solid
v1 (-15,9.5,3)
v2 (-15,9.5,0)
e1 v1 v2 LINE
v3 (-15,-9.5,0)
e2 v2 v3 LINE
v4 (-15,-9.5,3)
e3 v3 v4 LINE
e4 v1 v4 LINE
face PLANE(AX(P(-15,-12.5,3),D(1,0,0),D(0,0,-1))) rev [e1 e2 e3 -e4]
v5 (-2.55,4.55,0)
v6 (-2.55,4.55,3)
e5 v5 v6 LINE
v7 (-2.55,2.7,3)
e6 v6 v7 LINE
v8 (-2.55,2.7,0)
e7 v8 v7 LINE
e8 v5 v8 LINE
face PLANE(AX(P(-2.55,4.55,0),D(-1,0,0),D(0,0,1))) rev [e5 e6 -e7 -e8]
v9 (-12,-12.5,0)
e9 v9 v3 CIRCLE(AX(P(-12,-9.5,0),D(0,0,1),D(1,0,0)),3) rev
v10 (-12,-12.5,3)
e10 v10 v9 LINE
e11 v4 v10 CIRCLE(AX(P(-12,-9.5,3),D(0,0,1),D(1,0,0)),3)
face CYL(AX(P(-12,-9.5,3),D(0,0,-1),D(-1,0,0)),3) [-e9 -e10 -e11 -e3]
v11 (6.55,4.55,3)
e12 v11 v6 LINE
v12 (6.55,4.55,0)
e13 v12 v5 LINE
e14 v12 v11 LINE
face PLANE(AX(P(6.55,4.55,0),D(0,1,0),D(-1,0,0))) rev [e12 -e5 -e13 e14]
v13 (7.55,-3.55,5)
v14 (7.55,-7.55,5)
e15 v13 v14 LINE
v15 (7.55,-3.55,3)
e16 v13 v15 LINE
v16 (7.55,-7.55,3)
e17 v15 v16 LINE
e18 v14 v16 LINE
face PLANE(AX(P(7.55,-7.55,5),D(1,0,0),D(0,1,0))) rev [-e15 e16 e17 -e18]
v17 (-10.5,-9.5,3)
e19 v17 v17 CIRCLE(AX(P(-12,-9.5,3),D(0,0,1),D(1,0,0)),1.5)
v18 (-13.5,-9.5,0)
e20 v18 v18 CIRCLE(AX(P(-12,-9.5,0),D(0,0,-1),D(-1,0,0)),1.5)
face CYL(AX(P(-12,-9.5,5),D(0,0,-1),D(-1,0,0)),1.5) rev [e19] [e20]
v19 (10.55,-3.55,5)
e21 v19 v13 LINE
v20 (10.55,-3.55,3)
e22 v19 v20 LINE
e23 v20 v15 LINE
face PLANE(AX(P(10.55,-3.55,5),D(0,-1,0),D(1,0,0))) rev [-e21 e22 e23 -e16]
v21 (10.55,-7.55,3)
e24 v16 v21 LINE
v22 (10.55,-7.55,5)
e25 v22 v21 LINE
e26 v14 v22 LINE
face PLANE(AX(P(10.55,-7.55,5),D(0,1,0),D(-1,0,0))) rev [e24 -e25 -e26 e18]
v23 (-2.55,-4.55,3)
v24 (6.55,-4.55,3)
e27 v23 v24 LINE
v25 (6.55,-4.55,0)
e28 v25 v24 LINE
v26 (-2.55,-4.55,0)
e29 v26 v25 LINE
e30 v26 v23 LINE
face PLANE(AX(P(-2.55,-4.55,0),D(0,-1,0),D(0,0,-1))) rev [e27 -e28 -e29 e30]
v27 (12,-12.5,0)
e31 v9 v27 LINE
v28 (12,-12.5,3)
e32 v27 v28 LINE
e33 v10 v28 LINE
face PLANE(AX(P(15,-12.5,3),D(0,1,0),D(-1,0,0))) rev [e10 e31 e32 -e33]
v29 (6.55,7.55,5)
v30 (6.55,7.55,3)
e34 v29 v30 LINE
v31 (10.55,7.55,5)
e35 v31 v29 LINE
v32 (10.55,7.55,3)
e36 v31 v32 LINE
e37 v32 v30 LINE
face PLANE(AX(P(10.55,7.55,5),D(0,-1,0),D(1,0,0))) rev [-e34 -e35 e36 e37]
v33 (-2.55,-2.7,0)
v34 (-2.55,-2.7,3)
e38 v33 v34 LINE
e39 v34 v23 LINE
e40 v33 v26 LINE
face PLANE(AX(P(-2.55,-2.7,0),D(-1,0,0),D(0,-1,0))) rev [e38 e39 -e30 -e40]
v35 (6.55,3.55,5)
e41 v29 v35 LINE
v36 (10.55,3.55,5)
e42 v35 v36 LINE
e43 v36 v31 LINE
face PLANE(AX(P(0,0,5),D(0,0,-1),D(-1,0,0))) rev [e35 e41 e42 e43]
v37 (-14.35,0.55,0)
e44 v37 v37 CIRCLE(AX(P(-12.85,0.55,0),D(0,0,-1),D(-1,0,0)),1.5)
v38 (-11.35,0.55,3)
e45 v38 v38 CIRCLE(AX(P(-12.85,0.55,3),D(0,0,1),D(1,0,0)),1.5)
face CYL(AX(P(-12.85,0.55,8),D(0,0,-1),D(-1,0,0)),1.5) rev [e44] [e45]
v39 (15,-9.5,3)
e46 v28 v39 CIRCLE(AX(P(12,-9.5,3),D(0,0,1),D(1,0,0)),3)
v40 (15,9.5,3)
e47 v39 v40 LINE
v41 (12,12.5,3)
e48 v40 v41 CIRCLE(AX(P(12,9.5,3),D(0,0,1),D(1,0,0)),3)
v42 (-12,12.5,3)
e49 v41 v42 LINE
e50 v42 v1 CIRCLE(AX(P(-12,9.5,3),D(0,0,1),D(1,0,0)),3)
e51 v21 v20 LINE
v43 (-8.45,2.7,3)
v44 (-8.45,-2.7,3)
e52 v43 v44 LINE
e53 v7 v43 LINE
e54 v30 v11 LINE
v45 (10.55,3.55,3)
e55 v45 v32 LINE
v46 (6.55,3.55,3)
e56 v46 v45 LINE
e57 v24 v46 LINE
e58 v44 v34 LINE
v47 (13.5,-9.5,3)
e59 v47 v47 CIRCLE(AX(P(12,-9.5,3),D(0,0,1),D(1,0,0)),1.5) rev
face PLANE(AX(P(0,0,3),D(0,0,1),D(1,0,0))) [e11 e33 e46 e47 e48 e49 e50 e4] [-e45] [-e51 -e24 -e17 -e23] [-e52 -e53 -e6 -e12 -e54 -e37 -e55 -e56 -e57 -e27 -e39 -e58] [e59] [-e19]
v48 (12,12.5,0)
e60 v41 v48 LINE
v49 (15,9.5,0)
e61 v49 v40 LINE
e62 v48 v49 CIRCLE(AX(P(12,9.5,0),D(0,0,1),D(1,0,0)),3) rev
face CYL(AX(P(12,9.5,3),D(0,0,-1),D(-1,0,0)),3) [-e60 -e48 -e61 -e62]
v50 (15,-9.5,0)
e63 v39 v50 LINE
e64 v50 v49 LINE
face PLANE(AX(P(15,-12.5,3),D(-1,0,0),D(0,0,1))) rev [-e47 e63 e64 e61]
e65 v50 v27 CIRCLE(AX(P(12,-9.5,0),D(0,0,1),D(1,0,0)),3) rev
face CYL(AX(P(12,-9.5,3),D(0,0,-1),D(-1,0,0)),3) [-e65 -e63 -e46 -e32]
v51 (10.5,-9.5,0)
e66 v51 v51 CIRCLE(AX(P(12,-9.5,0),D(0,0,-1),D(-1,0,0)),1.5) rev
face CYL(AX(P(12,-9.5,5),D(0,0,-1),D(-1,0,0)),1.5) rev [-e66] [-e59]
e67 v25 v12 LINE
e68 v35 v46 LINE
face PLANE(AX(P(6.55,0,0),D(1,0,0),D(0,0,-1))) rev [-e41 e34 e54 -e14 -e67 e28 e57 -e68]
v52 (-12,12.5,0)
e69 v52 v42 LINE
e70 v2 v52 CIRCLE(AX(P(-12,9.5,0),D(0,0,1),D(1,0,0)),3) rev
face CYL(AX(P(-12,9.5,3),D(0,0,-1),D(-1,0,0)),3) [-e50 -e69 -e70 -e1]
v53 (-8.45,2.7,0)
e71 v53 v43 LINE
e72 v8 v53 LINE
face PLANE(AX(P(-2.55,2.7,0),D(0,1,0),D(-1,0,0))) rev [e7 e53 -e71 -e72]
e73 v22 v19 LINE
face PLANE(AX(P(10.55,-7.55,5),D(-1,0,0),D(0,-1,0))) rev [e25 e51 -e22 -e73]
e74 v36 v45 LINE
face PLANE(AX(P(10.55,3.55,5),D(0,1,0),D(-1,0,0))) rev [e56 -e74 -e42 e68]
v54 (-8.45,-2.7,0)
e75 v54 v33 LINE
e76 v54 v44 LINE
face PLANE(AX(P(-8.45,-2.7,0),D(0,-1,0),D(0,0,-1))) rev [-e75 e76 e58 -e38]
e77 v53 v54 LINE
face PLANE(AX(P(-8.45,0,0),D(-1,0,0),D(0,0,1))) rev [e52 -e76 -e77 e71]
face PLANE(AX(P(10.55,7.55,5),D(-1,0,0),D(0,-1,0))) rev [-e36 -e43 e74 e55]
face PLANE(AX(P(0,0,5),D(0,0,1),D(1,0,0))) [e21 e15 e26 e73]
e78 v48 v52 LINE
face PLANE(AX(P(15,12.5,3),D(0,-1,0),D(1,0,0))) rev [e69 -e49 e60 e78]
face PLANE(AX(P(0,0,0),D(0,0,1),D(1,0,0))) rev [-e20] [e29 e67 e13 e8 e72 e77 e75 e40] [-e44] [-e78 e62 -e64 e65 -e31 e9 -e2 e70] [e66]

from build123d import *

# Parameters (mm, degrees)
SKETCH_1_W          = 30
SKETCH_1_H          = 25
EXTRUDE_1_DEPTH     = 3
CUT_EXTRUDE_1_DEPTH = 20.754746265
SKETCH_3_W          = 4
SKETCH_3_H          = 4
SKETCH_3_W_2        = 3
EXTRUDE_2_DEPTH     = 2
FILLET_1_R          = 3
SKETCH_4_R          = 1.5
CUT_EXTRUDE_2_DEPTH = 21.155644371
SKETCH_5_R          = 1.5
CUT_EXTRUDE_3_DEPTH = 8


with BuildPart() as part:
    # 草图1 → 凸台-拉伸1 (new body)
    with BuildSketch(Plane.XY):
        Rectangle(SKETCH_1_W, SKETCH_1_H)
    extrude(amount=EXTRUDE_1_DEPTH)

    # 草图2 → 切除-拉伸1 (cut, through all)
    with BuildSketch(Plane.XY.offset(3)):
        Polygon((6.55, 0), (6.55, 4.55), (-2.55, 4.55), (-2.55, 2.7), (-8.45, 2.7), (-8.45, 0), (-8.45, -2.7), (-2.55, -2.7), (-2.55, -4.55), (6.55, -4.55), align=None)
    extrude(amount=-CUT_EXTRUDE_1_DEPTH, mode=Mode.SUBTRACT)

    # 草图3 → 凸台-拉伸2 (add)
    with BuildSketch(Plane.XY.offset(3)):
        with Locations((8.55, 5.55)):
            Rectangle(SKETCH_3_W, SKETCH_3_H)
        with Locations((9.05, -5.55)):
            Rectangle(SKETCH_3_W_2, SKETCH_3_H)
    extrude(amount=EXTRUDE_2_DEPTH)

    # 圆角1
    fillet_1_edges = [part.edges().sort_by_distance(p)[0] for p in [
        (-15, 12.5, 1.5),
        (15, 12.5, 1.5),
        (15, -12.5, 1.5),
        (-15, -12.5, 1.5),
    ]]
    fillet(fillet_1_edges, radius=FILLET_1_R)

    # 草图4 → 切除-拉伸2 (cut, through all)
    with BuildSketch(Plane(origin=(0, 0, 0), x_dir=(-1, 0, 0), z_dir=(0, 0, -1))):
        with Locations((12, -9.5)):
            Circle(SKETCH_4_R)
        with Locations((-12, -9.5)):
            Circle(SKETCH_4_R)
    extrude(amount=-CUT_EXTRUDE_2_DEPTH, mode=Mode.SUBTRACT)

    # 草图5 → 切除-拉伸3 (cut)
    with BuildSketch(Plane(origin=(0, 0, 0), x_dir=(-1, 0, 0), z_dir=(0, 0, -1))):
        with Locations((12.85, 0.55)):
            Circle(SKETCH_5_R)
    extrude(amount=-CUT_EXTRUDE_3_DEPTH, mode=Mode.SUBTRACT)


solid = part.part
